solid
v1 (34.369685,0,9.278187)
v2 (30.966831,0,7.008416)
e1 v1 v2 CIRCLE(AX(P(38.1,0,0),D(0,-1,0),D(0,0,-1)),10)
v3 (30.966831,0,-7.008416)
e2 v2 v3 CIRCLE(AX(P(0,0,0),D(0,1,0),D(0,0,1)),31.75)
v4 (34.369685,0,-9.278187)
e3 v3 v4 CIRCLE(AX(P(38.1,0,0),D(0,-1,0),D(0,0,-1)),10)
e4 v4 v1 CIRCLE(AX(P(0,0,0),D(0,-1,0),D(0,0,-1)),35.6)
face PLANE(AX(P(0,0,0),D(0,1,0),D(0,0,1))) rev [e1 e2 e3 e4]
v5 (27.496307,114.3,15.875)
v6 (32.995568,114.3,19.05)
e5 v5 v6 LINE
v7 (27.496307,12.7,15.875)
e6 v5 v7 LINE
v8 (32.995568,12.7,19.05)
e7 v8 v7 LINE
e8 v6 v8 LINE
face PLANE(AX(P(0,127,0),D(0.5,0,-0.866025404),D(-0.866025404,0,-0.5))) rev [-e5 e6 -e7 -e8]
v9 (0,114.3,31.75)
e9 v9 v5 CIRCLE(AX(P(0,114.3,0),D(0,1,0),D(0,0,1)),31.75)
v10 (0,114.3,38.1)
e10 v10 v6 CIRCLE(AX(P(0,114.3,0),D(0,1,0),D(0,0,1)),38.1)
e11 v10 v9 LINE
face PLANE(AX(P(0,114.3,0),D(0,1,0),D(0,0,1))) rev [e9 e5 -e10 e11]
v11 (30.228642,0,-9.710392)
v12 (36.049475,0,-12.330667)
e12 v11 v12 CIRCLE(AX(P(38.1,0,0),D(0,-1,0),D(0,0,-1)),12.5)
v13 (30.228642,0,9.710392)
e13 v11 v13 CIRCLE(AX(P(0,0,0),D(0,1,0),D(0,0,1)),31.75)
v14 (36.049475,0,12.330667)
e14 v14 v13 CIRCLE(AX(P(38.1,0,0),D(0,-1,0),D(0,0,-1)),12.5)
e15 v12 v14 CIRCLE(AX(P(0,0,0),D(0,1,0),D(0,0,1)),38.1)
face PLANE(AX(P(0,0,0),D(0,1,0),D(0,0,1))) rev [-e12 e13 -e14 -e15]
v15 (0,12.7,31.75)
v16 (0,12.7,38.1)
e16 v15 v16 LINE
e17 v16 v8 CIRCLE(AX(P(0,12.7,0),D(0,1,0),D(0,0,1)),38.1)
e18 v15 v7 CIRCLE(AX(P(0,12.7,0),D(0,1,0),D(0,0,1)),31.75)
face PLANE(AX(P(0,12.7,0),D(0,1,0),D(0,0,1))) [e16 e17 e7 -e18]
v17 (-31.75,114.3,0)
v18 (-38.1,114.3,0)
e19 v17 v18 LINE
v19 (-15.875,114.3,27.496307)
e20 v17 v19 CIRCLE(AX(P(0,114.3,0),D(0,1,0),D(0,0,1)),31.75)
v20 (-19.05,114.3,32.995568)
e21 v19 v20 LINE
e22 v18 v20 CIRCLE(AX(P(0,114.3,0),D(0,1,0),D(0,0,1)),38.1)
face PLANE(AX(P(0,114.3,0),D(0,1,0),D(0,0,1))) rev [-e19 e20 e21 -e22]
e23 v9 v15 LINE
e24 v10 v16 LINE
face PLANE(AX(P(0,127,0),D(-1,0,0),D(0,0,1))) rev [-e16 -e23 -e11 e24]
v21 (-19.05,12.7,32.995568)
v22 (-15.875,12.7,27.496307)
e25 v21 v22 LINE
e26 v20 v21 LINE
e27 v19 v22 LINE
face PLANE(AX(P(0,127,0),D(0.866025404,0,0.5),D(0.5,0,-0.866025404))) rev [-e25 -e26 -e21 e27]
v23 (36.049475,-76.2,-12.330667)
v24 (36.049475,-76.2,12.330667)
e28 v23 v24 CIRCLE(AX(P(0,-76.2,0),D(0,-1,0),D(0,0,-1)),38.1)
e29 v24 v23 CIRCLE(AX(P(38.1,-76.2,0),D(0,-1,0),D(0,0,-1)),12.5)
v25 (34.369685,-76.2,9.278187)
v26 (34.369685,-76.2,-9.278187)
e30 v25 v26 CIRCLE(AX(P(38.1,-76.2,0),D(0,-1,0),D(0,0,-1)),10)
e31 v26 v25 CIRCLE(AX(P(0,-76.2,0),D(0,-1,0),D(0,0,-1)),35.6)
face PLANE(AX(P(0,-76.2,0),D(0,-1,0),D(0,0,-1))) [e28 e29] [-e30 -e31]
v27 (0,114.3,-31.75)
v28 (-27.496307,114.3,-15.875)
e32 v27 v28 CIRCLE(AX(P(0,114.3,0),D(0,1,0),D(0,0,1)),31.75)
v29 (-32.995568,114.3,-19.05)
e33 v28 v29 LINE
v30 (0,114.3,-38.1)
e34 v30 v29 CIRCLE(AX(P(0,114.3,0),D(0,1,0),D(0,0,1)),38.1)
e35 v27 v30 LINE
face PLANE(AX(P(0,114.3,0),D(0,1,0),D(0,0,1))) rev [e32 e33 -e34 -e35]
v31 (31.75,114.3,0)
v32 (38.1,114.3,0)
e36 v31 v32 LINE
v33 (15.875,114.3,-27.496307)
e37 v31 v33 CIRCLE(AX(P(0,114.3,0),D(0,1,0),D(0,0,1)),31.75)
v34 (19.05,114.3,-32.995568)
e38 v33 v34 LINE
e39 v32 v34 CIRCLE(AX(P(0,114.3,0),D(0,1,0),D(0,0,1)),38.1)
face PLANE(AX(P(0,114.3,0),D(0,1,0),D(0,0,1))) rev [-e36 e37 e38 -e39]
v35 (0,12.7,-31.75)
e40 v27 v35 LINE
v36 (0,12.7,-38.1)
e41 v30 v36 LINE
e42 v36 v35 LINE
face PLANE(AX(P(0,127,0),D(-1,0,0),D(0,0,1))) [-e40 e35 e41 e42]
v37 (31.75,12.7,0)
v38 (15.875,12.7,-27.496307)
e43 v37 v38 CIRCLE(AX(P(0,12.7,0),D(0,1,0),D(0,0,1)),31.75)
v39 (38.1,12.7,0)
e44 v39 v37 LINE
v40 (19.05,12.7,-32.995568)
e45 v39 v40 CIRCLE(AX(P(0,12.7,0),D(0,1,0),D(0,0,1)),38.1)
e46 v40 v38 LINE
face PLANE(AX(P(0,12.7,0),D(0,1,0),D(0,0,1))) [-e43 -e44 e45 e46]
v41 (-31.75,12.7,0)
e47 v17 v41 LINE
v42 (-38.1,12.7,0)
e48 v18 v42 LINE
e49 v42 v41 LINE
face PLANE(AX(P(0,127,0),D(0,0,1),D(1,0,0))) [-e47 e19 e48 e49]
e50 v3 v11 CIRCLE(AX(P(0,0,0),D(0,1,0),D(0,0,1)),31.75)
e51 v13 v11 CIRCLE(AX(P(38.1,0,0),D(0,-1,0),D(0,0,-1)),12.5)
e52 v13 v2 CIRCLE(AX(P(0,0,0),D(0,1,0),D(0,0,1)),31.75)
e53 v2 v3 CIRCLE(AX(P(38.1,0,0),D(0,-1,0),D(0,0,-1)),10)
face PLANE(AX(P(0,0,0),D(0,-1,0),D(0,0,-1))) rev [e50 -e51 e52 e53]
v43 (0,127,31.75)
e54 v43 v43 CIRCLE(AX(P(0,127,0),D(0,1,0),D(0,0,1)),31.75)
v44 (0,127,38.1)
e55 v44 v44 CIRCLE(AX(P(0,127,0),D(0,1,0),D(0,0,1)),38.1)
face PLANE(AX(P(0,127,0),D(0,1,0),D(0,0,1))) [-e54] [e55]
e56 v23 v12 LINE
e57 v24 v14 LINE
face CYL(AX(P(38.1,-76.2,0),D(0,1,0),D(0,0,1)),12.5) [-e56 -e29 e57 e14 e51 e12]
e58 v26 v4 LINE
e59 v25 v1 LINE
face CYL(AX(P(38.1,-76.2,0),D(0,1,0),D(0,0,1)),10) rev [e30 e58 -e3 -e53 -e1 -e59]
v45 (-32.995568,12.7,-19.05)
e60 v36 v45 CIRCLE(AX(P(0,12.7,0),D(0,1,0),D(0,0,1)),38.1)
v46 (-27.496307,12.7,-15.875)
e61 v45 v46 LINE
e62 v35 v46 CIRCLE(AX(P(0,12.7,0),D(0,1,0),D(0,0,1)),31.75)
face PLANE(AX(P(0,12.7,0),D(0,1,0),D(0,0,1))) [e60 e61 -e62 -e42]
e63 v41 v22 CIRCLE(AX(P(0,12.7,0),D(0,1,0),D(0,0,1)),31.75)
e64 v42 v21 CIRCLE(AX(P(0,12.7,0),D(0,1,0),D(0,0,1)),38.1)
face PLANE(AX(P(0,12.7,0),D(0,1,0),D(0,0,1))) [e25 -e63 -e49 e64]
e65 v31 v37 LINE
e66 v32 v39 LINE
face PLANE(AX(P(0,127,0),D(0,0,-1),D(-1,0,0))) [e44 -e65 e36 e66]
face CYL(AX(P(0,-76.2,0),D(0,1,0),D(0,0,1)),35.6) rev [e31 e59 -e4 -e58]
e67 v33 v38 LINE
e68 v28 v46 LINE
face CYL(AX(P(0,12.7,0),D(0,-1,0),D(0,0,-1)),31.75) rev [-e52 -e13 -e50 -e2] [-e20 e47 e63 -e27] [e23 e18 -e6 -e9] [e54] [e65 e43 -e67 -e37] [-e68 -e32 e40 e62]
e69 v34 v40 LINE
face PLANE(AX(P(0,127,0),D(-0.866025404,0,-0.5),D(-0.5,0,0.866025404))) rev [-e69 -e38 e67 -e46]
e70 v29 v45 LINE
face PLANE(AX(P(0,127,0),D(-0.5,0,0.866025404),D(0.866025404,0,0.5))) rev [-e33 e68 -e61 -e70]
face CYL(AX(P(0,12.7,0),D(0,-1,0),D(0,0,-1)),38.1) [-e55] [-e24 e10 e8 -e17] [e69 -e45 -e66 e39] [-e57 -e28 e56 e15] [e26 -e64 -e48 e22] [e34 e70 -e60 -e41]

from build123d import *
from build123d.topology import SkipClean

# Parameters (mm, degrees)
SKETCH1_R           = 38.1
SKETCH1_R_2         = 31.75
BOSS_EXTRUDE1_DEPTH = 12.7
BOSS_EXTRUDE2_DEPTH = 127
BOSS_EXTRUDE3_START = -12.7
SKETCH2_R           = 38.1
SKETCH2_R_2         = 31.75
BOSS_EXTRUDE3_DEPTH = 12.7
BOSS_EXTRUDE4_START = 76.2
BOSS_EXTRUDE4_DEPTH = 76.2


with BuildPart() as part:
    # Sketch1 → Boss-Extrude1 (new body)
    with BuildSketch(Plane(origin=(0, 0, 0), x_dir=(1, 0, 0), z_dir=(0, 1, 0))):
        Circle(SKETCH1_R)
        Circle(SKETCH1_R_2, mode=Mode.SUBTRACT)
    extrude(amount=BOSS_EXTRUDE1_DEPTH)

    # Sketch1<3> → Boss-Extrude2 (add)
    with SkipClean():  # the faces are left unmerged after this step: merging them gives an invalid solid
        with BuildSketch(Plane(origin=(0, 0, 0), x_dir=(1, 0, 0), z_dir=(0, 1, 0))):
            with BuildLine():
                ThreePointArc((-19.05, -32.995567884), (-9.861005618, -36.801773982), (0, -38.1))
                Line((0, -38.1), (0, -31.75))
                ThreePointArc((0, -31.75), (-8.217504682, -30.668144985), (-15.875, -27.49630657))
                Line((-15.875, -27.49630657), (-19.05, -32.995567884))
            make_face()
            with BuildLine():
                Line((27.49630657, -15.875), (32.995567884, -19.05))
                ThreePointArc((32.995567884, -19.05), (36.801773982, -9.861005618), (38.1, 0))
                Line((38.1, 0), (31.75, 0))
                ThreePointArc((31.75, 0), (30.668144985, -8.217504682), (27.49630657, -15.875))
            make_face()
            with BuildLine():
                ThreePointArc((-32.995567884, 19.05), (-36.801773982, 9.861005618), (-38.1, 0))
                Line((-38.1, 0), (-31.75, 0))
                ThreePointArc((-31.75, 0), (-30.668144985, 8.217504682), (-27.49630657, 15.875))
                Line((-27.49630657, 15.875), (-32.995567884, 19.05))
            make_face()
            with BuildLine():
                Line((15.875, 27.49630657), (19.05, 32.995567884))
                ThreePointArc((19.05, 32.995567884), (9.861005618, 36.801773982), (0, 38.1))
                Line((0, 38.1), (0, 31.75))
                ThreePointArc((0, 31.75), (8.217504682, 30.668144985), (15.875, 27.49630657))
            make_face()
        extrude(amount=BOSS_EXTRUDE2_DEPTH)

    # Sketch2 → Boss-Extrude3 (add)
    with SkipClean():  # the faces are left unmerged after this step: merging them gives an invalid solid
        with BuildSketch(Plane(origin=(0, 127, 0), x_dir=(1, 0, 0), z_dir=(0, 1, 0)).offset(BOSS_EXTRUDE3_START)):
            Circle(SKETCH2_R)
            Circle(SKETCH2_R_2, mode=Mode.SUBTRACT)
        extrude(amount=BOSS_EXTRUDE3_DEPTH)

    # Sketch3 → Boss-Extrude4 (add)
    with SkipClean():  # the faces are left unmerged after this step: merging them gives an invalid solid
        with BuildSketch(Plane.XZ.offset(BOSS_EXTRUDE4_START)):
            with BuildLine():
                ThreePointArc((36.049475066, -12.330666953), (38.1, 0), (36.049475066, 12.330666953))
                ThreePointArc((36.049475066, 12.330666952), (25.6, 0), (36.049475066, -12.330666952))
            make_face()
            with BuildLine():
                ThreePointArc((34.369685039, 9.2781868), (35.6, 0), (34.369685039, -9.2781868))
                ThreePointArc((34.369685039, -9.2781868), (28.1, 0), (34.369685039, 9.2781868))
            make_face(mode=Mode.SUBTRACT)
        extrude(amount=-BOSS_EXTRUDE4_DEPTH)


solid = part.part
